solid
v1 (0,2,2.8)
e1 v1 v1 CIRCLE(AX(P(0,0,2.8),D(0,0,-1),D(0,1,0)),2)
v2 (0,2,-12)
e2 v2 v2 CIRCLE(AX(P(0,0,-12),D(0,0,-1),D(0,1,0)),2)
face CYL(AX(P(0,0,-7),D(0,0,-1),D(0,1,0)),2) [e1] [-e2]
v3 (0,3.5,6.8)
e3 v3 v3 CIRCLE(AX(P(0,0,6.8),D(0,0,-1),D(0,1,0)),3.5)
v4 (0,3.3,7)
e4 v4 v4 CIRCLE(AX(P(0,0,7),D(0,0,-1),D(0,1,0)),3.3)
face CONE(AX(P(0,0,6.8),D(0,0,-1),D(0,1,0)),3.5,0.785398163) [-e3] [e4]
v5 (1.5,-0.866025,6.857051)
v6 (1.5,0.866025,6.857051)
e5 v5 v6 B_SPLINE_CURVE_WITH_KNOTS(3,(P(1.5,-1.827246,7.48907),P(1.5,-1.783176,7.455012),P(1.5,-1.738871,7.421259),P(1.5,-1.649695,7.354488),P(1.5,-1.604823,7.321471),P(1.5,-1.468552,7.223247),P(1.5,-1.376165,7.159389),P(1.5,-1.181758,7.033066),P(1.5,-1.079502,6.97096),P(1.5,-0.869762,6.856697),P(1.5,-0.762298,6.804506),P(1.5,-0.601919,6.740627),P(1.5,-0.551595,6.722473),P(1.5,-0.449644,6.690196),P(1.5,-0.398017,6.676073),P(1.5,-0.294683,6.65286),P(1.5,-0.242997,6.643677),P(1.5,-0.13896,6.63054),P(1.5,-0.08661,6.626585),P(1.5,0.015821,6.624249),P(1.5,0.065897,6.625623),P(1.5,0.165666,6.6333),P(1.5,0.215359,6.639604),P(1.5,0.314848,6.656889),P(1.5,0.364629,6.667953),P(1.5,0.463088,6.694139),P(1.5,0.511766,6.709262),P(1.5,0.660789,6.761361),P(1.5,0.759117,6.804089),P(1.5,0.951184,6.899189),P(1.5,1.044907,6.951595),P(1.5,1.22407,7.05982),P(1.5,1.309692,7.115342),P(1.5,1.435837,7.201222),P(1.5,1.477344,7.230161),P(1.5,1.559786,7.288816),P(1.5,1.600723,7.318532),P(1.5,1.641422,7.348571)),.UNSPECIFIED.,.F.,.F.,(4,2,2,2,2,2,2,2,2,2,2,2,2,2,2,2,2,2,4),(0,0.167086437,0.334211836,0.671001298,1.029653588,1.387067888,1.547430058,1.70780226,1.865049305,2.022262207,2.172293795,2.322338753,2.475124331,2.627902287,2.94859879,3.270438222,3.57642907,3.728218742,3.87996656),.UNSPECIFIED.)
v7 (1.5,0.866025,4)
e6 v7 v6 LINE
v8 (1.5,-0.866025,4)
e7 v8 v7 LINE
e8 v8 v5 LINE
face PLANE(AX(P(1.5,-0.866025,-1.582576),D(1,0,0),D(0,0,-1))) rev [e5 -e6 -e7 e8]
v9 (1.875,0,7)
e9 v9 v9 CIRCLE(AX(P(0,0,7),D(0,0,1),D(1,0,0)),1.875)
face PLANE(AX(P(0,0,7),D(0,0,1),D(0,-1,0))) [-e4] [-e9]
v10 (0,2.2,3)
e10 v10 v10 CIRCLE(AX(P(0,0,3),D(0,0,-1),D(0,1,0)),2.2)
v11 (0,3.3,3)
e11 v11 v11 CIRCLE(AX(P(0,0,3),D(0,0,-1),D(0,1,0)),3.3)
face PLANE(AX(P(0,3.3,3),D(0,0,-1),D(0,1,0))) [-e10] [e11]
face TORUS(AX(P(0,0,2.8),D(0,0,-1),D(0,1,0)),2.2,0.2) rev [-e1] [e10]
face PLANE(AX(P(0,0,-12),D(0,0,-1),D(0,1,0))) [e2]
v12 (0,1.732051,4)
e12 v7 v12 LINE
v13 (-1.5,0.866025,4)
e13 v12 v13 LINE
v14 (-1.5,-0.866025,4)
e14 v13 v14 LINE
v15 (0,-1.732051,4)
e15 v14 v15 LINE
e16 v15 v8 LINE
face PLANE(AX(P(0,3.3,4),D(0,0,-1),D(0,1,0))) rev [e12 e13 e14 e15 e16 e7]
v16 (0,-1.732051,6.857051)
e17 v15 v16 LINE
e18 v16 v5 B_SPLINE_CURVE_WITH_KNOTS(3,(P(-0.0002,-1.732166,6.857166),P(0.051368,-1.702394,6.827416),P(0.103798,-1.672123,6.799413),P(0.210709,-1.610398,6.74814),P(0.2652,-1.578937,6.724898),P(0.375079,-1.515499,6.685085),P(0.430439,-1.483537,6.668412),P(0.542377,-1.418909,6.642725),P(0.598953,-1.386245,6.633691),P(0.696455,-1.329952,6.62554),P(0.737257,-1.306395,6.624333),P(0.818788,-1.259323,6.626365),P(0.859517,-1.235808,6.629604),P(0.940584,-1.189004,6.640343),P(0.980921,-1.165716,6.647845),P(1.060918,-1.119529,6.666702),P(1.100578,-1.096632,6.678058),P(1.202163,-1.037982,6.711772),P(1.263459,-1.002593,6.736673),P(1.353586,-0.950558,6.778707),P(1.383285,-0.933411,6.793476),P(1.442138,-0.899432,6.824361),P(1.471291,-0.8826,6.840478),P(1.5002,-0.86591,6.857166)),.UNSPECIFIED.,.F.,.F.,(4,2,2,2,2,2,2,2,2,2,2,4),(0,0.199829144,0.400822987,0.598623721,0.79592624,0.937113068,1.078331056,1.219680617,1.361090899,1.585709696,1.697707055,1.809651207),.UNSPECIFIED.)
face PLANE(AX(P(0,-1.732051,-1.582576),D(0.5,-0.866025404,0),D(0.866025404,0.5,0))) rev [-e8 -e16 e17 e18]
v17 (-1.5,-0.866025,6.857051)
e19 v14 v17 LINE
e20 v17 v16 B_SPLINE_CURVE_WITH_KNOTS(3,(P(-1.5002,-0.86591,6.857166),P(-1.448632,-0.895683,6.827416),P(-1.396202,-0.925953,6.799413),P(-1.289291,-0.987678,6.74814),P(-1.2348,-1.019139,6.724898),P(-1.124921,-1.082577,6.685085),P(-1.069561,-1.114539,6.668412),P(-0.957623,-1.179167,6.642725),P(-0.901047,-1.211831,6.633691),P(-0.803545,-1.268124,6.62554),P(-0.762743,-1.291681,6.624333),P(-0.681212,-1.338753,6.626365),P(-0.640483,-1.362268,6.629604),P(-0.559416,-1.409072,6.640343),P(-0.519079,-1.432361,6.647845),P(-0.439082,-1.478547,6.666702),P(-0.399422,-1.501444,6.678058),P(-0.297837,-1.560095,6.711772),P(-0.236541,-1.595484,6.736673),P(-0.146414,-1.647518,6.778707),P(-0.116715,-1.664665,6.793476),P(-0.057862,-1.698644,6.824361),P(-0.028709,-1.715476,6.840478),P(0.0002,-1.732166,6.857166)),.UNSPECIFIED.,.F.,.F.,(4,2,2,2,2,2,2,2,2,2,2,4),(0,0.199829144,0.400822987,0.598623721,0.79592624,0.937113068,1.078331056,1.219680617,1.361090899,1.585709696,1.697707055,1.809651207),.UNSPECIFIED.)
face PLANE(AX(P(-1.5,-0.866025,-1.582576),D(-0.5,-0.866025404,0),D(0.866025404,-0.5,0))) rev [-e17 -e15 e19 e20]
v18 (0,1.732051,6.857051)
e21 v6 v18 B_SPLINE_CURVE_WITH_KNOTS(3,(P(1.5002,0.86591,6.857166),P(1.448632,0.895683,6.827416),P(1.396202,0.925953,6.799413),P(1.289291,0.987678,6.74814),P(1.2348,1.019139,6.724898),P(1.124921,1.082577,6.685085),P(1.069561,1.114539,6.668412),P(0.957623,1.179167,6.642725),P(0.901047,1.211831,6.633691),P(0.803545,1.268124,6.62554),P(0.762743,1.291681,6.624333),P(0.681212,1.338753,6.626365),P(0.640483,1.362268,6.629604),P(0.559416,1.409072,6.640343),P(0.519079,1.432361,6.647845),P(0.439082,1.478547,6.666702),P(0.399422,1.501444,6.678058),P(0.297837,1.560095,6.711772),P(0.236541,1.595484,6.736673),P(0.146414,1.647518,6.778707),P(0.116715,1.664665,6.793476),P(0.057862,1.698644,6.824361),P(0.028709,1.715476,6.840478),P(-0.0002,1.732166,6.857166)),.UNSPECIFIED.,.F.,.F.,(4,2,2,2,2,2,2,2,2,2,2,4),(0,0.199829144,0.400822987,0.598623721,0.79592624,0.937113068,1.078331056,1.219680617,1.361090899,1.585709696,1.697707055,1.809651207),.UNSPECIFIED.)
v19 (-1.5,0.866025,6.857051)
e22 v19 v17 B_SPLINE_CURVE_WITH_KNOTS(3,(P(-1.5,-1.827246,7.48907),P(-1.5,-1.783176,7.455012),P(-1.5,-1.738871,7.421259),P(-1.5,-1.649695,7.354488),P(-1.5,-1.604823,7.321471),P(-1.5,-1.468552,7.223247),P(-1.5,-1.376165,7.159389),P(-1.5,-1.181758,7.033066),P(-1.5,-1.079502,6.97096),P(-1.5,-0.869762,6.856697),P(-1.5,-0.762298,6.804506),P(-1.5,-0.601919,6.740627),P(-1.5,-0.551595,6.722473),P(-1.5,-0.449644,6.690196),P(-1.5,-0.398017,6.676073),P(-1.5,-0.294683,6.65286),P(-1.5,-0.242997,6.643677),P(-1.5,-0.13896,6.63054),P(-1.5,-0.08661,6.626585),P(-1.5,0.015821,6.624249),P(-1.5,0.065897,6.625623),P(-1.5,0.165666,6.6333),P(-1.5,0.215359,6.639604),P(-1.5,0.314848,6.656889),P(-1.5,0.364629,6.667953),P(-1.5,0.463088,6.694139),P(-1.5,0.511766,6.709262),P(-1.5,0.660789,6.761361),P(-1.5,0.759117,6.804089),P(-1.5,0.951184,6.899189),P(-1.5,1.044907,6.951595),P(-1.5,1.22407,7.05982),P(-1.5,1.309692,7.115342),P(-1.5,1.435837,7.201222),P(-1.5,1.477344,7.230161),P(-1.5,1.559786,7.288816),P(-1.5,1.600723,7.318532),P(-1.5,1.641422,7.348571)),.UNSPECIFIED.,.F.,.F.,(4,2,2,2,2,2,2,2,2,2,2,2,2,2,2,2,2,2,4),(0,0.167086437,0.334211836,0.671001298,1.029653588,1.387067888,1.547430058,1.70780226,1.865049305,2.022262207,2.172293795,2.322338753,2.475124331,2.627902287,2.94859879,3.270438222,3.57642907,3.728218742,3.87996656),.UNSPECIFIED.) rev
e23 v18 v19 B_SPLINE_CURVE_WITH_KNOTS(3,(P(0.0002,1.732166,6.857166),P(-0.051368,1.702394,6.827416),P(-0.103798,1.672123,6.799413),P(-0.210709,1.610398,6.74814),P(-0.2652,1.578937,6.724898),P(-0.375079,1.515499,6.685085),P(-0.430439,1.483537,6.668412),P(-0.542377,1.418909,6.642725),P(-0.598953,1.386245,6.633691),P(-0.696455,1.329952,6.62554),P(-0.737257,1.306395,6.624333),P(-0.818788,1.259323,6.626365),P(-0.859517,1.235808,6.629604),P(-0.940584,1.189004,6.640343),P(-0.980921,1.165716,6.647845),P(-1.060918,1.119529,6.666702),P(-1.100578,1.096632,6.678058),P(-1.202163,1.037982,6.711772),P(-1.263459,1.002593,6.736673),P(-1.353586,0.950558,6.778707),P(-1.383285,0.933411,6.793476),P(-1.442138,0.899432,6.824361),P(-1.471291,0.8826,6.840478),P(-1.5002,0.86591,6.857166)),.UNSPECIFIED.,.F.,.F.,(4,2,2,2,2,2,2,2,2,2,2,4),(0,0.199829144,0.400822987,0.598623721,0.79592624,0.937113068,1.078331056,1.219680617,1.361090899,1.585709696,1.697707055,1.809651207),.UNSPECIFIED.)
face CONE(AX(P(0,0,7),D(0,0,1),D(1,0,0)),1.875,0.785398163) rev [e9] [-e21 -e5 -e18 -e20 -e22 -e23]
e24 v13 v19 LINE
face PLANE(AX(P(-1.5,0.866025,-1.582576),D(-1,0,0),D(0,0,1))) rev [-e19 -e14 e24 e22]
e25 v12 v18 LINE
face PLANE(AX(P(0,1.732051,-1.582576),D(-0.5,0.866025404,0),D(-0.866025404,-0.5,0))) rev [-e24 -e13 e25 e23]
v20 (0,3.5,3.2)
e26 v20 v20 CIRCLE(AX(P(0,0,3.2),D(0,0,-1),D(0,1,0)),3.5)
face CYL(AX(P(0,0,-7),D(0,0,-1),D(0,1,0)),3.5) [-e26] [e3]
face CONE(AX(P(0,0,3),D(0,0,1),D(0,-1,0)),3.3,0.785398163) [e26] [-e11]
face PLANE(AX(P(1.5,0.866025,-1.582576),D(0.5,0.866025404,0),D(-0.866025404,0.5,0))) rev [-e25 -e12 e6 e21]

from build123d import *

# Parameters (mm, degrees)
CUT_EXTRUDE1_DEPTH  = 3
BOSS_EXTRUDE1_START = 15
SKETCH12_R          = 2
BOSS_EXTRUDE1_DEPTH = 15


with BuildPart() as part:
    # Sketch2 → Revolve1 (revolve)
    with BuildSketch(Plane(origin=(0, 0, 0), x_dir=(0, 0, -1), z_dir=(1, 0, 0))):
        with BuildLine():
            Line((-7, 0), (-7, 3.3))
            Line((-7, 3.3), (-6.8, 3.5))
            Line((-6.8, 3.5), (-3.2, 3.5))
            Line((-3.2, 3.5), (-3, 3.3))
            Line((-3, 3.3), (-3, 2.2))
            ThreePointArc((-3, 2.2), (-2.941421356, 2.058578644), (-2.8, 2))
            Line((-2.8, 2), (6.545336663, 2))
            Line((6.545336663, 2), (7, 1.545336663))
            Line((7, 1.545336663), (7, 0))
            Line((7, 0), (-7, 0))
        make_face()
    revolve(axis=Axis((0, 0, -7), (0, 0, 1)))

    # Sketch3 → Cut-Extrude1 (cut)
    with BuildSketch(Plane.XY.offset(7)):
        Polygon((1.5, -0.866025404), (1.5, 0.866025404), (0, 1.732050808), (-1.5, 0.866025404), (-1.5, -0.866025404), (0, -1.732050808), align=None)
    extrude(amount=-CUT_EXTRUDE1_DEPTH, mode=Mode.SUBTRACT)

    # Cut-Extrude2 cone 1 section (through the dimple's axis) → Cut-Extrude2 (revolve, cut)
    with BuildSketch(Plane(origin=(0, 0, 7), x_dir=(0, -1, 0), z_dir=(1, 0, 0))):
        Polygon((0, 0), (1.875, 0), (0, 1.875), align=None)
    revolve(axis=Axis((0, 0, 7), (0, 0, -1)), mode=Mode.SUBTRACT)

    # Sketch12 → Boss-Extrude1 (add)
    with BuildSketch(Plane(origin=(0, 0, 3), x_dir=(-1, 0, 0), z_dir=(0, 0, -1)).offset(BOSS_EXTRUDE1_START)):
        with Locations(Location((0, 0, 0), (0, 0, 90))):
            Circle(SKETCH12_R)
    extrude(amount=-BOSS_EXTRUDE1_DEPTH)


solid = part.part
